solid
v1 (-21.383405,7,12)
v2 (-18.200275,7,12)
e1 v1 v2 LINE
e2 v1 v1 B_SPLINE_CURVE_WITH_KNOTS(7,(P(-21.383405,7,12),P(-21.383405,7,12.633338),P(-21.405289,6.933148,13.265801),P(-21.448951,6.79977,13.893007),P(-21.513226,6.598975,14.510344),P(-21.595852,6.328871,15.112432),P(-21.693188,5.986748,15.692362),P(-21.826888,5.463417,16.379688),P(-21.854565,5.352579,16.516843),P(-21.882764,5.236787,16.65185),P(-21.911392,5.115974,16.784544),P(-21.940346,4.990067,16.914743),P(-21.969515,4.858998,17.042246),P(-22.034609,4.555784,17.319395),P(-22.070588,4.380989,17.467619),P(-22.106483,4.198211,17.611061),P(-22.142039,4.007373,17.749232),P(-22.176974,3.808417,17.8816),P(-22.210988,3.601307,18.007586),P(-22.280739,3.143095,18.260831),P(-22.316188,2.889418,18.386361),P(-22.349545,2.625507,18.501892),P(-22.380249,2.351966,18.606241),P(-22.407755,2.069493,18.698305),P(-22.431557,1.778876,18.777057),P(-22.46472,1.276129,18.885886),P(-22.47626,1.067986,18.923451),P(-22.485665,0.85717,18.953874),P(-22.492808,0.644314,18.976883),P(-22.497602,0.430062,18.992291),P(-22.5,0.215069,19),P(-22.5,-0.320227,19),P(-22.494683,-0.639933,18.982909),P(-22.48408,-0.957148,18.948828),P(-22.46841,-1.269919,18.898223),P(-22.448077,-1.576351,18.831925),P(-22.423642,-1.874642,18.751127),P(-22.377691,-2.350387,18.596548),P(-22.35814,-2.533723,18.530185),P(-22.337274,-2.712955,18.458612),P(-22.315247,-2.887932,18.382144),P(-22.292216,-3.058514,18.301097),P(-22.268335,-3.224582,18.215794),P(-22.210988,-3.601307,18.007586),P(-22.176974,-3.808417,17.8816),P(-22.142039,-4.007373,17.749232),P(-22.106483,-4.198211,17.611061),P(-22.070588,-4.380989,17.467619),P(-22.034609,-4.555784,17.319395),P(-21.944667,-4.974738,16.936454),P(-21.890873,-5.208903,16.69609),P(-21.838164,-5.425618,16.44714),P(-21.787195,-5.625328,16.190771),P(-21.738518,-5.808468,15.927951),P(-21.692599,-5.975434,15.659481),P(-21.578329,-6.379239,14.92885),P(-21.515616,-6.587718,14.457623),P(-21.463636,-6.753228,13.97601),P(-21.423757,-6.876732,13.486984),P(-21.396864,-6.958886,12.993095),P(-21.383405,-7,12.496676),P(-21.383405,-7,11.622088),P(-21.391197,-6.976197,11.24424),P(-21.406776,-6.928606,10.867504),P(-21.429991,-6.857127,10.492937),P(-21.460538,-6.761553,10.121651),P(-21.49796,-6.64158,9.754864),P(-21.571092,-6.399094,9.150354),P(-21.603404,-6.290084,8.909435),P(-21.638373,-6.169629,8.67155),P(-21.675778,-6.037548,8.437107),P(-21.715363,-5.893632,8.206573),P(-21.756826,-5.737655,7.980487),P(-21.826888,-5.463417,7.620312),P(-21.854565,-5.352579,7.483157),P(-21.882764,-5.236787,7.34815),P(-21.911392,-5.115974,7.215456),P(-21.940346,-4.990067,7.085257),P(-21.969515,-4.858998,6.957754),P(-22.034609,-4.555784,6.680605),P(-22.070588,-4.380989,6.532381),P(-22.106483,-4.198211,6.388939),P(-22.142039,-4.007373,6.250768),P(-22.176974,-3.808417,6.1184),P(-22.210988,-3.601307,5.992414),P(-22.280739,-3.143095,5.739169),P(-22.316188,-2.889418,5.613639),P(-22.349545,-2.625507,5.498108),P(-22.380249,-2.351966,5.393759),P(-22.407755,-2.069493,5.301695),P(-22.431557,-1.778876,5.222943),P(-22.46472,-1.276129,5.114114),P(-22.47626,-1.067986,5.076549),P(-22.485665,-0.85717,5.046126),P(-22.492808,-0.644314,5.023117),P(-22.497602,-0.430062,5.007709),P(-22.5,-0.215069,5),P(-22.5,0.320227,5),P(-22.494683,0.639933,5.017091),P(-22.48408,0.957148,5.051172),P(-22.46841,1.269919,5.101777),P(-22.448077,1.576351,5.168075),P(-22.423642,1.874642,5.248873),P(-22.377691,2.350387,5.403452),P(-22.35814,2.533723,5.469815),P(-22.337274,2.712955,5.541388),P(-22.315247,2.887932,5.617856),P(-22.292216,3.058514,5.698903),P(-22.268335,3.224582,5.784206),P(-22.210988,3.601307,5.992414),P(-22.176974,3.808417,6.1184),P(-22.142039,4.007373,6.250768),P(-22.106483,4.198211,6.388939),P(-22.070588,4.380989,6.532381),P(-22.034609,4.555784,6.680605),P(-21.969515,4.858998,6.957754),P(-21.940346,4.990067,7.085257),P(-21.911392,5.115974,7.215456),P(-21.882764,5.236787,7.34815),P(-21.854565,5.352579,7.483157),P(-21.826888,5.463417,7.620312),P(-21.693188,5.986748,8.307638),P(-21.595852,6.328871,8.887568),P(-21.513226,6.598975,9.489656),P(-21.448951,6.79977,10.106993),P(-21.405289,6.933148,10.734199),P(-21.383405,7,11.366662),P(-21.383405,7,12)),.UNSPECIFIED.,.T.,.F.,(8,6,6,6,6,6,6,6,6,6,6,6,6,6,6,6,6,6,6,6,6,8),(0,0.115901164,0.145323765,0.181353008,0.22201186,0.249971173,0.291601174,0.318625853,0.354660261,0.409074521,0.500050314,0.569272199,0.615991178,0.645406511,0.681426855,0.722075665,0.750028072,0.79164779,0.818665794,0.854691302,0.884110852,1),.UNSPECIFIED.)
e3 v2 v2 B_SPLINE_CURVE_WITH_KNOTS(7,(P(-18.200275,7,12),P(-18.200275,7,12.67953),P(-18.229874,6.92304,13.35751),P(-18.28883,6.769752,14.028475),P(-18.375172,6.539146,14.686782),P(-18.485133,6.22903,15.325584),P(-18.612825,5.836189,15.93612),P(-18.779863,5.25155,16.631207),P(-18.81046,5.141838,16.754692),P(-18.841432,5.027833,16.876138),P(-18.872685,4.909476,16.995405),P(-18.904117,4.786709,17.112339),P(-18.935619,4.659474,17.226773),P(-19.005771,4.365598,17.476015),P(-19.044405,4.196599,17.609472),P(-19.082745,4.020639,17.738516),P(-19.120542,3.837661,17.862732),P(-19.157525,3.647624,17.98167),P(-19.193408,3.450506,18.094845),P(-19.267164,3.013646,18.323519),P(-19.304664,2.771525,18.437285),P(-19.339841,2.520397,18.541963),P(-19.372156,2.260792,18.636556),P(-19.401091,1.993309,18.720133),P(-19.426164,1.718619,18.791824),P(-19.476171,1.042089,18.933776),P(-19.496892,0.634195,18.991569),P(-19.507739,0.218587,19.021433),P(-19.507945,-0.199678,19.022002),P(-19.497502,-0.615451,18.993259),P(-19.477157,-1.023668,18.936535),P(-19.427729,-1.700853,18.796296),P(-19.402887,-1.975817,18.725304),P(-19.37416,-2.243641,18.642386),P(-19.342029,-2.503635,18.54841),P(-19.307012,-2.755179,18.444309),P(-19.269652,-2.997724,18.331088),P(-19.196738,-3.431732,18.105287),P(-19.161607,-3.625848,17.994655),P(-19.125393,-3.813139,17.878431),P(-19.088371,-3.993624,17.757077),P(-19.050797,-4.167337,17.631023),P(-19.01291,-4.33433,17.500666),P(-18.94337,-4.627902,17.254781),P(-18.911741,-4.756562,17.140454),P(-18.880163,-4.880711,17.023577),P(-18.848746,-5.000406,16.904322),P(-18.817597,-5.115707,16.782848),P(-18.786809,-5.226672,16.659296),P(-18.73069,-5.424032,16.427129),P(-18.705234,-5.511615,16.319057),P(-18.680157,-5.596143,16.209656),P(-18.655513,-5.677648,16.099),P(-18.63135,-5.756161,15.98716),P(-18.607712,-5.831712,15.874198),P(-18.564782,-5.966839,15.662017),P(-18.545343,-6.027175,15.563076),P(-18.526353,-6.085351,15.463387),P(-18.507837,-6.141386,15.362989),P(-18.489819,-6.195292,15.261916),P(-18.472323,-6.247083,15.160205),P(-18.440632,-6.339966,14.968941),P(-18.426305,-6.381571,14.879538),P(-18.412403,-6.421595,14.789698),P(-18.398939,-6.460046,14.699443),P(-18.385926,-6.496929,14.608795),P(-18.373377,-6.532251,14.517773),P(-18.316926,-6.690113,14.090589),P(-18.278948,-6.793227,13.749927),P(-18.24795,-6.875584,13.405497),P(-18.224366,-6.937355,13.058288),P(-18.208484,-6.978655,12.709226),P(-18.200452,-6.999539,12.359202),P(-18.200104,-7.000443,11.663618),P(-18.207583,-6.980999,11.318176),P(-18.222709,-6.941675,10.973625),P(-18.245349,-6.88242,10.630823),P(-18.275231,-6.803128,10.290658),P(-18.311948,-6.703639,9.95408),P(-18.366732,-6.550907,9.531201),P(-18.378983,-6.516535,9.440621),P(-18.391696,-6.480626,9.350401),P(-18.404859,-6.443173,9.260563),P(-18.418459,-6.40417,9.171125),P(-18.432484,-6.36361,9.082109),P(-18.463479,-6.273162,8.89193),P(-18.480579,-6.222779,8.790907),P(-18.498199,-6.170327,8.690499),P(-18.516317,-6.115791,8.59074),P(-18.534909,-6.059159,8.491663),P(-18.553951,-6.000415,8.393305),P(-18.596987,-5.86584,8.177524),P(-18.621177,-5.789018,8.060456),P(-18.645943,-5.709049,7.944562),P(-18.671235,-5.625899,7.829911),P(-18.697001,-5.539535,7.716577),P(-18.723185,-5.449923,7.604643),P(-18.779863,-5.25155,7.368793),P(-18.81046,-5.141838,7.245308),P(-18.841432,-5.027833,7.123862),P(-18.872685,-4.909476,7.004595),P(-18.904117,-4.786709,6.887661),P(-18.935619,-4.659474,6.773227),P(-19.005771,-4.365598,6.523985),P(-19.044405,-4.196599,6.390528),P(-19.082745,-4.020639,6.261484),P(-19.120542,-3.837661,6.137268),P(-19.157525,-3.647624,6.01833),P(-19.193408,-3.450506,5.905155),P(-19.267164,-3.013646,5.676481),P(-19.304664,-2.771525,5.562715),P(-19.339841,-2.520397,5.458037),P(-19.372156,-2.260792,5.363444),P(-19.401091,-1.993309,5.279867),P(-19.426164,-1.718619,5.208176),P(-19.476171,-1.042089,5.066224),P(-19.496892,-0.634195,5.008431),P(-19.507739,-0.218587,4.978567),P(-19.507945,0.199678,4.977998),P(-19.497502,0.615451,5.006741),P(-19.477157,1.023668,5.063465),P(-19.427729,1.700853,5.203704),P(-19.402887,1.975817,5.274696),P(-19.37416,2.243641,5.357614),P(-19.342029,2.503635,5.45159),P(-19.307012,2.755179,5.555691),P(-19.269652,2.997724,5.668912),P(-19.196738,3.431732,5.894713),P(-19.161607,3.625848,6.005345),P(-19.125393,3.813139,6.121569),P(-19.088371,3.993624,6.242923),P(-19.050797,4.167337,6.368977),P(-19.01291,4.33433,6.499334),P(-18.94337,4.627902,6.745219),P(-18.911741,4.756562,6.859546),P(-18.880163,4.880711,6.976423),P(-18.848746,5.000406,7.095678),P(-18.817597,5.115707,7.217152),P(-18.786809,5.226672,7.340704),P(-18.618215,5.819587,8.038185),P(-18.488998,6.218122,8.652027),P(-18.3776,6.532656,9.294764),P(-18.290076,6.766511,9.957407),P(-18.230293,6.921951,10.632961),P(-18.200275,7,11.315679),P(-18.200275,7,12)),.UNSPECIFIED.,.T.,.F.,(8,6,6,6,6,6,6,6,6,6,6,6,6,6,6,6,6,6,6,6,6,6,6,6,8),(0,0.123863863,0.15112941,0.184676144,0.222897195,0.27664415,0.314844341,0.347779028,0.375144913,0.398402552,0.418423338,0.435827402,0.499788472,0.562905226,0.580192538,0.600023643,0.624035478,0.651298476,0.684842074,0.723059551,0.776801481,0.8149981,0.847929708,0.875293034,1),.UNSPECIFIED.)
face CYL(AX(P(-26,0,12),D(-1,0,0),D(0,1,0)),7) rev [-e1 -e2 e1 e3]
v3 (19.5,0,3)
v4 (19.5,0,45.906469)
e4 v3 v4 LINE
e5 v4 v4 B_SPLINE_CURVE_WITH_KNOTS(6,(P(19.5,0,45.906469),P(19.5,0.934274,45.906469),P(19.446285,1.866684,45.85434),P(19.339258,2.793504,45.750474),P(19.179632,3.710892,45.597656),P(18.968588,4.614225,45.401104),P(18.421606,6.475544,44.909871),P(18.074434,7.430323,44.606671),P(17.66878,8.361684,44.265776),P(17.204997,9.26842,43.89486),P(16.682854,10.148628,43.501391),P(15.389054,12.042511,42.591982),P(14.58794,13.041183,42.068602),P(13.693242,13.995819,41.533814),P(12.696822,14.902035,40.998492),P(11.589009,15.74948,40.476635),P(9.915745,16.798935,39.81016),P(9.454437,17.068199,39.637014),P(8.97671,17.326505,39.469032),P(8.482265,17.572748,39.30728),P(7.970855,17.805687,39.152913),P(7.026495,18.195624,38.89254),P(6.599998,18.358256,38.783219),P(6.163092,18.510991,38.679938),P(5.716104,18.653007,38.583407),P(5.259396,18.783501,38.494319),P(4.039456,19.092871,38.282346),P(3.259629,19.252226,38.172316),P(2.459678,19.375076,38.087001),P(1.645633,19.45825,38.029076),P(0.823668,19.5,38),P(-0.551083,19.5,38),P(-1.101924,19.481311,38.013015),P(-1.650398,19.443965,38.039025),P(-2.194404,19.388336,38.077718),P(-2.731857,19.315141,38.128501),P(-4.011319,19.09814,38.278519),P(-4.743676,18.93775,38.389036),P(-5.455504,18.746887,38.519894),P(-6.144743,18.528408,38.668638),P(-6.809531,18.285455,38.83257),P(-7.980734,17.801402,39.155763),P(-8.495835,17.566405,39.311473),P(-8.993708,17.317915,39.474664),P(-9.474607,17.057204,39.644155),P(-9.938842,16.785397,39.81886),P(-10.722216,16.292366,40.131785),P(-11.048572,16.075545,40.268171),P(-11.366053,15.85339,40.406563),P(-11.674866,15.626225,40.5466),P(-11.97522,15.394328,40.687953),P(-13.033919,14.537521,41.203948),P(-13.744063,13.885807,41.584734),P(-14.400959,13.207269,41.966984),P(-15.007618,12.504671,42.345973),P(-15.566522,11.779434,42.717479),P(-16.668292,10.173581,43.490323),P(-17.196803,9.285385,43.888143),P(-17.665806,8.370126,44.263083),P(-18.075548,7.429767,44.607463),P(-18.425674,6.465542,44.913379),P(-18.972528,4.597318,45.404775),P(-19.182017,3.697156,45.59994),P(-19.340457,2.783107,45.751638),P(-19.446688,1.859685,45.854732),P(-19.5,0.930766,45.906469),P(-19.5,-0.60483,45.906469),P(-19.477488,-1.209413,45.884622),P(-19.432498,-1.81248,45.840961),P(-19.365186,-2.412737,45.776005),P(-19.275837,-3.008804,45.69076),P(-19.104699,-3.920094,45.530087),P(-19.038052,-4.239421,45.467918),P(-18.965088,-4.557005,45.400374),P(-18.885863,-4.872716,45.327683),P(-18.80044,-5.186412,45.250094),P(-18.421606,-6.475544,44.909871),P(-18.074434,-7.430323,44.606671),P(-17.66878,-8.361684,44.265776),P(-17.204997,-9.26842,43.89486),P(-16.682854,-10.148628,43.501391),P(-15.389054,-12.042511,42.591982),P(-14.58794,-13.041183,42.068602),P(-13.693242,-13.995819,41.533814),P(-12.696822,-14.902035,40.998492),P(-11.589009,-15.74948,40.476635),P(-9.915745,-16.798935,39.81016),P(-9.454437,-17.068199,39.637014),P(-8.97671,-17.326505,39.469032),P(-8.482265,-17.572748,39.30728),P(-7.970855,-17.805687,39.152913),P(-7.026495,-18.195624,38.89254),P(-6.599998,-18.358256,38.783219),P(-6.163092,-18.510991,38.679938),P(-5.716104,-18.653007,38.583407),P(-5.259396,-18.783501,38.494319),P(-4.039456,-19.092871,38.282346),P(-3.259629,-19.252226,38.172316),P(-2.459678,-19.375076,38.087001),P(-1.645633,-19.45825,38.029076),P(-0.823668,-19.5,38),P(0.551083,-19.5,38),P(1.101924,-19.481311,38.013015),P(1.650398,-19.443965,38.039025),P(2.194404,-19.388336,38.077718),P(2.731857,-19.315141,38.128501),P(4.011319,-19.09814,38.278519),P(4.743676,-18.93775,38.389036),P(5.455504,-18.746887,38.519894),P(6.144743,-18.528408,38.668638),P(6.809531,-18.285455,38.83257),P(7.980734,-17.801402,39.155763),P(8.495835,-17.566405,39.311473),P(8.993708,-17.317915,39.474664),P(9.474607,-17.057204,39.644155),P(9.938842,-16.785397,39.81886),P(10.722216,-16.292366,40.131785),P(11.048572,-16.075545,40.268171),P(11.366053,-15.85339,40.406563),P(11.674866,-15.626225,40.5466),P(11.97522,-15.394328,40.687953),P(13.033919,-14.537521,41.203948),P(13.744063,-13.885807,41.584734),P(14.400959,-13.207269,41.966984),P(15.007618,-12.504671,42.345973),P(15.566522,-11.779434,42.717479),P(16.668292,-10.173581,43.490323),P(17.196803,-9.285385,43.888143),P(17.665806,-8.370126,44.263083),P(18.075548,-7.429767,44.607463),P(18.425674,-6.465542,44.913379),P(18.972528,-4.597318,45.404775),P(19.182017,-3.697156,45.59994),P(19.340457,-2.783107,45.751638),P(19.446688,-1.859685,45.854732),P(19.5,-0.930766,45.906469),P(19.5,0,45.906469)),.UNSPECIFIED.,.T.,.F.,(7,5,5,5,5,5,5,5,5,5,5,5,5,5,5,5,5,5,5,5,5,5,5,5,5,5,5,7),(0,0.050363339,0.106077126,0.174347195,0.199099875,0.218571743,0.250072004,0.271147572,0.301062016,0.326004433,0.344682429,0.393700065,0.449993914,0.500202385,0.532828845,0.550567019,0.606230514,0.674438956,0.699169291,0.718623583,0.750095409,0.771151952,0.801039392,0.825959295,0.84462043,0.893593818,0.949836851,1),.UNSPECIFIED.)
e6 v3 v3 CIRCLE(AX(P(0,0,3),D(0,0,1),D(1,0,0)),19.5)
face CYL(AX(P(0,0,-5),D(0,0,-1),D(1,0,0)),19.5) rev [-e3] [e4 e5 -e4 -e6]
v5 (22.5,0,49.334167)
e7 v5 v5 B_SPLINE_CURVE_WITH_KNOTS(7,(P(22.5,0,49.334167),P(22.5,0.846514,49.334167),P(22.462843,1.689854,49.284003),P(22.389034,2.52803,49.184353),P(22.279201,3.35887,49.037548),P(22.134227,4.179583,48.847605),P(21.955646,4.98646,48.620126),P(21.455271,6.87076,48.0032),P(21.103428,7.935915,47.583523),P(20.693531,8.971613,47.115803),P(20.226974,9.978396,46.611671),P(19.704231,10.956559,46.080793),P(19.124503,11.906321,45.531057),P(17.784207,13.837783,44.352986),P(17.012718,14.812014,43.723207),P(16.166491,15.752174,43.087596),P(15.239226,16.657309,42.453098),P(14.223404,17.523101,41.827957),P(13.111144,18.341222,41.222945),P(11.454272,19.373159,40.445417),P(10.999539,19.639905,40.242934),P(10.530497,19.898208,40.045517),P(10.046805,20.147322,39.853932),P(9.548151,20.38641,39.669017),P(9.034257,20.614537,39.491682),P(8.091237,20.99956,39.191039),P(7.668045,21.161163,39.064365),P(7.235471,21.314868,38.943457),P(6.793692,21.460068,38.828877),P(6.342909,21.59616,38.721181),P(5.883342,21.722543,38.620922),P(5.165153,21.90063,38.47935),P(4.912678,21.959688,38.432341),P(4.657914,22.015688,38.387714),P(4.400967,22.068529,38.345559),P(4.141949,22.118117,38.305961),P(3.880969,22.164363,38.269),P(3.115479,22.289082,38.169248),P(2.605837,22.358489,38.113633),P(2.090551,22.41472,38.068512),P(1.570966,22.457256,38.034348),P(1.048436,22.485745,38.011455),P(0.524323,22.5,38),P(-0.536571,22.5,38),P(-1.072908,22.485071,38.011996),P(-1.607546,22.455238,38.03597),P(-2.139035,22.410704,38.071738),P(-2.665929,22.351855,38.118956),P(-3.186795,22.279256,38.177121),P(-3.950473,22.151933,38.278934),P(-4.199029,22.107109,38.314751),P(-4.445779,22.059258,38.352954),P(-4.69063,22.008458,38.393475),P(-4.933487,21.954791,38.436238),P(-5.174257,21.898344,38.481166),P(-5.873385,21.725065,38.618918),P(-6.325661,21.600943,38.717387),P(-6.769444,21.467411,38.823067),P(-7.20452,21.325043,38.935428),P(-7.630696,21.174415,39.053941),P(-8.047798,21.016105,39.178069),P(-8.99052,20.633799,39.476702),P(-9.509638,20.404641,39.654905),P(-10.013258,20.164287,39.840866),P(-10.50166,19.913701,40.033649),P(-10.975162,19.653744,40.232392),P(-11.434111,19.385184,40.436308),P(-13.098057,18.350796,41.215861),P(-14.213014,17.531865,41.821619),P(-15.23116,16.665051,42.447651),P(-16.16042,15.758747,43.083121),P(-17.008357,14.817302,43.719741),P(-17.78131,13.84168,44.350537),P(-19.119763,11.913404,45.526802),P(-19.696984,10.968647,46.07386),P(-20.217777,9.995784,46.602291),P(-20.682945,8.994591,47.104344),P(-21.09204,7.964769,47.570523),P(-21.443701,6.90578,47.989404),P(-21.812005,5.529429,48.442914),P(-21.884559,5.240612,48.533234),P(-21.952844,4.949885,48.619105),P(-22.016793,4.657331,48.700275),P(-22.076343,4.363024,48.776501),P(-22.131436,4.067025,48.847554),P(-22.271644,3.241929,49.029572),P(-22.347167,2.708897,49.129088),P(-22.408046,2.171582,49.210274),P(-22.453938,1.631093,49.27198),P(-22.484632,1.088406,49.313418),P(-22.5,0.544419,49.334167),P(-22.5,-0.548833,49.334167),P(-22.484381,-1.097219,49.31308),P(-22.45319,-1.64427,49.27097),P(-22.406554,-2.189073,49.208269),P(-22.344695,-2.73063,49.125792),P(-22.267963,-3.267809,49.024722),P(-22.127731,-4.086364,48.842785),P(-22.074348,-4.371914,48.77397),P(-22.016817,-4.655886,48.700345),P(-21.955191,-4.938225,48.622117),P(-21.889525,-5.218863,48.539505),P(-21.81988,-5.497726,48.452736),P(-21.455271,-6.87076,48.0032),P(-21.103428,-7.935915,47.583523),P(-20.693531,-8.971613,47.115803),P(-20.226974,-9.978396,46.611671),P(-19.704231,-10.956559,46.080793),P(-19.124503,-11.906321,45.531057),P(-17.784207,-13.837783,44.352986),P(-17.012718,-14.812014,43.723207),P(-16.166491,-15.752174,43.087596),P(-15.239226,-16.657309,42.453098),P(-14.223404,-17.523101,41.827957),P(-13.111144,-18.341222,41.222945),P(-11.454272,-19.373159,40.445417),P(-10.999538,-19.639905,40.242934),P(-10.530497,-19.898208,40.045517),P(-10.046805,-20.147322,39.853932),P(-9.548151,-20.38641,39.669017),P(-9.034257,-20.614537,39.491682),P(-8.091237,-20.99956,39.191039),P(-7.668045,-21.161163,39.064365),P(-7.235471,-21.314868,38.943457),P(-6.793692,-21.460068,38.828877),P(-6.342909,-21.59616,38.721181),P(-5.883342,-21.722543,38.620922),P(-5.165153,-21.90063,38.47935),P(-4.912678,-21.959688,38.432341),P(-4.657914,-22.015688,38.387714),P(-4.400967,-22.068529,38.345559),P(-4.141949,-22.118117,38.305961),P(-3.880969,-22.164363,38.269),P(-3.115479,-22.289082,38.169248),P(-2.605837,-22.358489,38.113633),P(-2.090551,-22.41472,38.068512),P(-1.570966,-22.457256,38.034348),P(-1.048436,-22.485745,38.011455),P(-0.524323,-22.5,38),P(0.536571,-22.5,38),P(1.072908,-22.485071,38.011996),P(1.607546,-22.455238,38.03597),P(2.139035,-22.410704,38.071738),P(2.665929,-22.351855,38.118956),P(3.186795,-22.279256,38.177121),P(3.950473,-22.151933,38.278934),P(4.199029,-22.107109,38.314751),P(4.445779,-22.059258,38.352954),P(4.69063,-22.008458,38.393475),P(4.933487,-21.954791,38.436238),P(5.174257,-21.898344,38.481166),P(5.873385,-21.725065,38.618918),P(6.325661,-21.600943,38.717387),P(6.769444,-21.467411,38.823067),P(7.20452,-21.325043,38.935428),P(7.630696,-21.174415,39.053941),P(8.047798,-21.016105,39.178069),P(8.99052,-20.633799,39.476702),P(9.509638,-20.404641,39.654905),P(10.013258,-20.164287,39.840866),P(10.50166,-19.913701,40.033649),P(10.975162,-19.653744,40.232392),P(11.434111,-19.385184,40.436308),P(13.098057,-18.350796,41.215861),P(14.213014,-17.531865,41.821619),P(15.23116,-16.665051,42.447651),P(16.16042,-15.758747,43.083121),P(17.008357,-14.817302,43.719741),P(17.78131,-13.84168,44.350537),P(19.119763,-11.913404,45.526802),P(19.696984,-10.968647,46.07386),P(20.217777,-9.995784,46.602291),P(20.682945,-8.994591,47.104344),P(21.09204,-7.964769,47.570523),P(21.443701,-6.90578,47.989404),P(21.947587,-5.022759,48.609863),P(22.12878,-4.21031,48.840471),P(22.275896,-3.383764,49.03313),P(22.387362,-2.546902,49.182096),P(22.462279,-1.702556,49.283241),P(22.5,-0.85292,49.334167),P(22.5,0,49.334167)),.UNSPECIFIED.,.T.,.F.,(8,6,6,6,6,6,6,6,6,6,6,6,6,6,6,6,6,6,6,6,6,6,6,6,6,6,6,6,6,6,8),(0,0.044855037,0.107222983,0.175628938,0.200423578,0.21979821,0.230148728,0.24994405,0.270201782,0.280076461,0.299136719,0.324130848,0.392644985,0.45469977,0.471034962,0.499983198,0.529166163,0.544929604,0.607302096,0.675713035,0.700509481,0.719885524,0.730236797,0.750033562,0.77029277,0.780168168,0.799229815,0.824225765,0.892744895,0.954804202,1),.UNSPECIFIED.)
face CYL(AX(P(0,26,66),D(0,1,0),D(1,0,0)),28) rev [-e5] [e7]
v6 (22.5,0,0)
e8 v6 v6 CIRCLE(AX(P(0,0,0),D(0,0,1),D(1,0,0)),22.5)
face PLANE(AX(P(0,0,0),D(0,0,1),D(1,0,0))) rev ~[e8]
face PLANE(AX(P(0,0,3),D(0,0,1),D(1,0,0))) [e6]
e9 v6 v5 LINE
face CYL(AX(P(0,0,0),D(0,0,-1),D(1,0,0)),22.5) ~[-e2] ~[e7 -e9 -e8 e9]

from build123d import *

# Parameters (mm, degrees)
CYLINDER_R        = 22.5
CYLINDER_DEPTH    = 50
CYLINDER001_R     = 19.5
CYLINDER001_DEPTH = 60
CYLINDER002_R     = 28
CYLINDER002_DEPTH = 54
CYLINDER003_R     = 7
CYLINDER003_DEPTH = 10
CYLINDER004_R     = 19.5
CYLINDER004_DEPTH = 3


with BuildPart() as part:
    # Cylinder → Cylinder (join)
    with BuildSketch(Plane.XY):
        Circle(CYLINDER_R)
    extrude(amount=CYLINDER_DEPTH)

    # Cylinder001 → Cylinder001 (cut)
    with BuildSketch(Plane.XY.offset(-5)):
        Circle(CYLINDER001_R)
    extrude(amount=CYLINDER001_DEPTH, mode=Mode.SUBTRACT)

    # Cylinder002 → Cylinder002 (cut)
    with BuildSketch(Plane(origin=(0, 26, 66), x_dir=(1, 0, 0), z_dir=(0, -1, 0))):
        Circle(CYLINDER002_R)
    extrude(amount=CYLINDER002_DEPTH, mode=Mode.SUBTRACT)

    # Cylinder003 → Cylinder003 (cut)
    with BuildSketch(Plane(origin=(-26, 0, 12), x_dir=(0, 1, 0), z_dir=(1, 0, 0))):
        Circle(CYLINDER003_R)
    extrude(amount=CYLINDER003_DEPTH, mode=Mode.SUBTRACT)

    # Cylinder004 → Cylinder004 (join)
    with BuildSketch(Plane.XY):
        Circle(CYLINDER004_R)
    extrude(amount=CYLINDER004_DEPTH)


solid = part.part
